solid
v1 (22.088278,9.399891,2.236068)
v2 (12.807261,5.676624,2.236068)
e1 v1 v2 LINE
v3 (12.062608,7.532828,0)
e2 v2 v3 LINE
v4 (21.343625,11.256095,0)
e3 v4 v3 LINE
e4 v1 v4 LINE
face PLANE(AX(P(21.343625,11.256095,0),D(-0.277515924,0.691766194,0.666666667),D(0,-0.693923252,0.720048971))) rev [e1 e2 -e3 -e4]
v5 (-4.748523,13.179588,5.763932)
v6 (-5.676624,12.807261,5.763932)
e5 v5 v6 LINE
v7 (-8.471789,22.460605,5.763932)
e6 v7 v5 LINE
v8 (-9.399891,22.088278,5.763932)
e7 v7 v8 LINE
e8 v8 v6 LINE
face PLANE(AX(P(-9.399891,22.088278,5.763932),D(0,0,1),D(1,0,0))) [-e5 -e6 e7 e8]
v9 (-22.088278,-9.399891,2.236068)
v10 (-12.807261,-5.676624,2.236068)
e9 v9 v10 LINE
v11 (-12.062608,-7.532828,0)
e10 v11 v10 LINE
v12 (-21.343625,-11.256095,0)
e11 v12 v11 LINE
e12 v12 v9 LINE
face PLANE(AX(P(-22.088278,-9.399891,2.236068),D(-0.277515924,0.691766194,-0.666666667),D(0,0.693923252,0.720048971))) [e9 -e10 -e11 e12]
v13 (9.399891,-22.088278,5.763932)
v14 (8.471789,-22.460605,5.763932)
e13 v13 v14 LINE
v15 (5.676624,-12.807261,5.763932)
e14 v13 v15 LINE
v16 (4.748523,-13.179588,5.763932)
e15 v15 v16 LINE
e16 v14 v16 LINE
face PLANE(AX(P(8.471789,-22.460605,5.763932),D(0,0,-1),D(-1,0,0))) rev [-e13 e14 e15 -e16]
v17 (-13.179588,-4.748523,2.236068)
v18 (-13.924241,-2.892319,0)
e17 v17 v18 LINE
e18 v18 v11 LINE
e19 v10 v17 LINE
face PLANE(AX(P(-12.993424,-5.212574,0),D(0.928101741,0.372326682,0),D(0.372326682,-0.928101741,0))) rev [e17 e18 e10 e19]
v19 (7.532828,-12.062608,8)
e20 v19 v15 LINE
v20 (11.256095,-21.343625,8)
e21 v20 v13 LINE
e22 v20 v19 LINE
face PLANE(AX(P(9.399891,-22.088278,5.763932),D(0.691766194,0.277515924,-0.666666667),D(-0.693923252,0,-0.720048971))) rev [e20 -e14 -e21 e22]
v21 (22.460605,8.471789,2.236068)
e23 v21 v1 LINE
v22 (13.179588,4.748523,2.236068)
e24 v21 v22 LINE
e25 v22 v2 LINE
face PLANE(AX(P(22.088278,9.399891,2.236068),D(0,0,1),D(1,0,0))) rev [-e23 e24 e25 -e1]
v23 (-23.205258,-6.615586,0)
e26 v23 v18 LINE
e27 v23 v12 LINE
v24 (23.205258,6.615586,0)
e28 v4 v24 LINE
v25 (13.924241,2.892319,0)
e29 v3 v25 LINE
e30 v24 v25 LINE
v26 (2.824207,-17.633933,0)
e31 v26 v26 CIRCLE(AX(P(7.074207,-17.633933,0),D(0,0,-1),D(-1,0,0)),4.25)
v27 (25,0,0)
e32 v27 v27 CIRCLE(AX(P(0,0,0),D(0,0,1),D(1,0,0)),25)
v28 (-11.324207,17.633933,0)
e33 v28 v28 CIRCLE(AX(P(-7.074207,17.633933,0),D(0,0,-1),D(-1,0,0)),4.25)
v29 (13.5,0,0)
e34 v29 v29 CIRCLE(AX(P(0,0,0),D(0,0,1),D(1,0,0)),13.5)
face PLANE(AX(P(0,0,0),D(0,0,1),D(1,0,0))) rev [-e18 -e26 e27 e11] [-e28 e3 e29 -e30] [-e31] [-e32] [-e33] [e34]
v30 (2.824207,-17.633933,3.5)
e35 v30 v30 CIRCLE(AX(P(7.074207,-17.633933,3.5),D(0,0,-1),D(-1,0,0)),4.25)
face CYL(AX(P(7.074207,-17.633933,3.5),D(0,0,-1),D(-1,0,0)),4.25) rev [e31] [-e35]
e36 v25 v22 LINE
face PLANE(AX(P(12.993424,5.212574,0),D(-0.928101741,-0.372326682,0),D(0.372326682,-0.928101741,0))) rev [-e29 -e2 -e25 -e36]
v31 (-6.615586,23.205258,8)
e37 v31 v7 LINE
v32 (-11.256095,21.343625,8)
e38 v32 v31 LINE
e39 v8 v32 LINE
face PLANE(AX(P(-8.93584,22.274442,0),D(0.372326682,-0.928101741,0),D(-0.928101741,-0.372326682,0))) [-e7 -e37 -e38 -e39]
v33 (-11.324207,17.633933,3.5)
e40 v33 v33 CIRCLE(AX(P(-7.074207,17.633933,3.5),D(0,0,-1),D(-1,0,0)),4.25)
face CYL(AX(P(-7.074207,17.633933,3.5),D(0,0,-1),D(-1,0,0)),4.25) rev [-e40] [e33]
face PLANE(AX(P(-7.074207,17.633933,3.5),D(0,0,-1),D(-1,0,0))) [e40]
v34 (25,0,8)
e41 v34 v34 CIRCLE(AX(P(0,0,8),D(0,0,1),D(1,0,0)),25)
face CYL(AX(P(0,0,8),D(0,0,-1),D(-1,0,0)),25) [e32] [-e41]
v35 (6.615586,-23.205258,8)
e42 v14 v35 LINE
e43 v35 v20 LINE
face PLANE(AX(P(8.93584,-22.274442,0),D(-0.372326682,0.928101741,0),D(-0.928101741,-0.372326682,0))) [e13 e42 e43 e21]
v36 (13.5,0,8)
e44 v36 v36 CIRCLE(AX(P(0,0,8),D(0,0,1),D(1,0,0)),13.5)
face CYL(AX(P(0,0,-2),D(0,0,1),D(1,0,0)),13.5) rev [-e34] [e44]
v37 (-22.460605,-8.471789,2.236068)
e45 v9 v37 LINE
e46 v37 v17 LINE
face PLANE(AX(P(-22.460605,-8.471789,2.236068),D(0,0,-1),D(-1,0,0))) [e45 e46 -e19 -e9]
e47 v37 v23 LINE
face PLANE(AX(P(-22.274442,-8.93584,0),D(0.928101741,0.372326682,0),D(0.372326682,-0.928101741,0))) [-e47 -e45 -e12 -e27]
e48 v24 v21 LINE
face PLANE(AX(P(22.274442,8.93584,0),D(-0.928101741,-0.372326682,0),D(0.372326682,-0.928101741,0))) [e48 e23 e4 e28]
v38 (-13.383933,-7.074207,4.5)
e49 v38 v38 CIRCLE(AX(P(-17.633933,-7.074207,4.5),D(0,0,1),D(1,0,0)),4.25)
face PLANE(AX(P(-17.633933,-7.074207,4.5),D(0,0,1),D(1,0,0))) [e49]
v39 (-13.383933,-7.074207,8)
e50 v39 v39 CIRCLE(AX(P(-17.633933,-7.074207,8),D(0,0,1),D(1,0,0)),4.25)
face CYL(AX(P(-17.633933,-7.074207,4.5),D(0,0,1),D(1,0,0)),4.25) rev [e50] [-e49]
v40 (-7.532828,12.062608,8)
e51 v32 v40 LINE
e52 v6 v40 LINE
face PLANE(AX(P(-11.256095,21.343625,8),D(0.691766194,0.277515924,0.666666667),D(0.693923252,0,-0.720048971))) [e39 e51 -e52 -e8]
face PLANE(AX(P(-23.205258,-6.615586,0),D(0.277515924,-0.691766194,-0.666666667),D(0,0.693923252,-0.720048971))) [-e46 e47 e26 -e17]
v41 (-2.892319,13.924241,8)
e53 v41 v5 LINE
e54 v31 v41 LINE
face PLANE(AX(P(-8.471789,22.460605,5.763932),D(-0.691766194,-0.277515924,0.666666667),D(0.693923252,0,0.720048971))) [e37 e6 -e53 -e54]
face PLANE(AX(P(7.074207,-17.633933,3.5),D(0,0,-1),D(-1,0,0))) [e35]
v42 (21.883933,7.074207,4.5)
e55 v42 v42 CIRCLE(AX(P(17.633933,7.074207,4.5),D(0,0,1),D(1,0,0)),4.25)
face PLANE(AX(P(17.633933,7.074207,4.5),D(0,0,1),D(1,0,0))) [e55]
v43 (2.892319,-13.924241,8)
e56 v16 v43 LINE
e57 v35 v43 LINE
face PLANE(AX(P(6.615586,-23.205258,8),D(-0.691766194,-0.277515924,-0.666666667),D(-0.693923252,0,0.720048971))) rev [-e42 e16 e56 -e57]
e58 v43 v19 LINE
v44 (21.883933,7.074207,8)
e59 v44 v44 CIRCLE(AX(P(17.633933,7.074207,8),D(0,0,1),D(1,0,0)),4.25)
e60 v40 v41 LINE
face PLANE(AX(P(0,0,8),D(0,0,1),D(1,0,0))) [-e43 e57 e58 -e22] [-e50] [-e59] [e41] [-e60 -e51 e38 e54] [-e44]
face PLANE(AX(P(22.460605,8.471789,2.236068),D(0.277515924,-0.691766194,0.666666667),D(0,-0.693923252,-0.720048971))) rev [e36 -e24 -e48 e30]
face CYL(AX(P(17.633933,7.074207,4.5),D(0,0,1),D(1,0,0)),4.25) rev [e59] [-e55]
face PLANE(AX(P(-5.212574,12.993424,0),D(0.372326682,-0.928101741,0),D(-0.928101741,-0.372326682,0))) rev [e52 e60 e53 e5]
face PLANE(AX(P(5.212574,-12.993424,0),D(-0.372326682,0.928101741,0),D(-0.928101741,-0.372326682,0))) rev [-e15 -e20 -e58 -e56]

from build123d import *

# Parameters (mm, degrees)
ESQUISSE1_R              = 25
ESQUISSE1_R_2            = 11
BOSS_EXTRU_1_DEPTH       = 8
ENL_V_START              = -14
ENL_V_MAT_EXTRU_9_DEPTH  = 10
ESQUISSE10_R             = 4.25
ENL_V_MAT_EXTRU_5_DEPTH  = 3.5
ESQUISSE12_R             = 4.25
ENL_V_MAT_EXTRU_6_DEPTH  = 3.5
ESQUISSE13_R             = 13.5
ENL_V_MAT_EXTRU_7_DEPTH  = 10
ENL_V_MAT_EXTRU_10_DEPTH = 10


with BuildPart() as part:
    # Esquisse1 → Boss.-Extru.1 (new body)
    with BuildSketch(Plane.XY):
        Circle(ESQUISSE1_R)
        Circle(ESQUISSE1_R_2, mode=Mode.SUBTRACT)
    extrude(amount=BOSS_EXTRU_1_DEPTH)

    # Esquisse16 → Enlèv. mat.-Extru.9 (cut)
    with BuildSketch(Plane(origin=(0, 0, 0), x_dir=(-0.9281017411356184, -0.3723266819622707, 0), z_dir=(-0.3723266819622707, 0.9281017411356184, 0)).offset(ENL_V_START)):
        Polygon((-2.5, 8), (2.5, 8), (0.5, 5.763932023), (-0.5, 5.763932023), align=None)
    enl_v_mat_extru_9 = extrude(amount=-ENL_V_MAT_EXTRU_9_DEPTH, mode=Mode.SUBTRACT)

    # Symétrie4: Enlèv. mat.-Extru.9 across plane
    add(enl_v_mat_extru_9.mirror(Plane(origin=(0, 0, 0), x_dir=(0, 0, 1), z_dir=(-0.3723266819622707, 0.9281017411356184, 0))), mode=Mode.SUBTRACT)

    # Esquisse10 → Enlèv. mat.-Extru.5 (cut)
    with BuildSketch(Plane(origin=(0, 0, 0), x_dir=(-1, 0, 0), z_dir=(0, 0, -1))):
        with Locations((7.074206957, 17.633933082)):
            Circle(ESQUISSE10_R)
        with Locations((-7.074206957, -17.633933082)):
            Circle(ESQUISSE10_R)
    extrude(amount=-ENL_V_MAT_EXTRU_5_DEPTH, mode=Mode.SUBTRACT)

    # Esquisse12 → Enlèv. mat.-Extru.6 (cut)
    with BuildSketch(Plane.XY.offset(8)):
        with Locations((17.633933082, 7.074206957)):
            Circle(ESQUISSE12_R)
        with Locations((-17.633933082, -7.074206957)):
            Circle(ESQUISSE12_R)
    extrude(amount=-ENL_V_MAT_EXTRU_6_DEPTH, mode=Mode.SUBTRACT)

    # Esquisse13 → Enlèv. mat.-Extru.7 (cut)
    with BuildSketch(Plane.XY.offset(8)):
        Circle(ESQUISSE13_R)
    extrude(amount=-ENL_V_MAT_EXTRU_7_DEPTH, mode=Mode.SUBTRACT)

    # Esquisse18 → Enlèv. mat.-Extru.10 (cut)
    with BuildSketch(Plane(origin=(0, 0, 8), x_dir=(0, 0, 1), z_dir=(-0.9281017411356183, -0.37232668196227087, 0)).offset(ENL_V_START)):
        Polygon((-8, -2.5), (-8, 2.5), (-5.763932023, 0.5), (-5.763932023, -0.5), align=None)
    enl_v_mat_extru_10 = extrude(amount=-ENL_V_MAT_EXTRU_10_DEPTH, mode=Mode.SUBTRACT)

    # Symétrie5: Enlèv. mat.-Extru.10 across plane
    add(enl_v_mat_extru_10.mirror(Plane(origin=(0, 0, 8), x_dir=(0, 0, 1), z_dir=(-0.9281017411356183, -0.37232668196227087, 0))), mode=Mode.SUBTRACT)


solid = part.part
